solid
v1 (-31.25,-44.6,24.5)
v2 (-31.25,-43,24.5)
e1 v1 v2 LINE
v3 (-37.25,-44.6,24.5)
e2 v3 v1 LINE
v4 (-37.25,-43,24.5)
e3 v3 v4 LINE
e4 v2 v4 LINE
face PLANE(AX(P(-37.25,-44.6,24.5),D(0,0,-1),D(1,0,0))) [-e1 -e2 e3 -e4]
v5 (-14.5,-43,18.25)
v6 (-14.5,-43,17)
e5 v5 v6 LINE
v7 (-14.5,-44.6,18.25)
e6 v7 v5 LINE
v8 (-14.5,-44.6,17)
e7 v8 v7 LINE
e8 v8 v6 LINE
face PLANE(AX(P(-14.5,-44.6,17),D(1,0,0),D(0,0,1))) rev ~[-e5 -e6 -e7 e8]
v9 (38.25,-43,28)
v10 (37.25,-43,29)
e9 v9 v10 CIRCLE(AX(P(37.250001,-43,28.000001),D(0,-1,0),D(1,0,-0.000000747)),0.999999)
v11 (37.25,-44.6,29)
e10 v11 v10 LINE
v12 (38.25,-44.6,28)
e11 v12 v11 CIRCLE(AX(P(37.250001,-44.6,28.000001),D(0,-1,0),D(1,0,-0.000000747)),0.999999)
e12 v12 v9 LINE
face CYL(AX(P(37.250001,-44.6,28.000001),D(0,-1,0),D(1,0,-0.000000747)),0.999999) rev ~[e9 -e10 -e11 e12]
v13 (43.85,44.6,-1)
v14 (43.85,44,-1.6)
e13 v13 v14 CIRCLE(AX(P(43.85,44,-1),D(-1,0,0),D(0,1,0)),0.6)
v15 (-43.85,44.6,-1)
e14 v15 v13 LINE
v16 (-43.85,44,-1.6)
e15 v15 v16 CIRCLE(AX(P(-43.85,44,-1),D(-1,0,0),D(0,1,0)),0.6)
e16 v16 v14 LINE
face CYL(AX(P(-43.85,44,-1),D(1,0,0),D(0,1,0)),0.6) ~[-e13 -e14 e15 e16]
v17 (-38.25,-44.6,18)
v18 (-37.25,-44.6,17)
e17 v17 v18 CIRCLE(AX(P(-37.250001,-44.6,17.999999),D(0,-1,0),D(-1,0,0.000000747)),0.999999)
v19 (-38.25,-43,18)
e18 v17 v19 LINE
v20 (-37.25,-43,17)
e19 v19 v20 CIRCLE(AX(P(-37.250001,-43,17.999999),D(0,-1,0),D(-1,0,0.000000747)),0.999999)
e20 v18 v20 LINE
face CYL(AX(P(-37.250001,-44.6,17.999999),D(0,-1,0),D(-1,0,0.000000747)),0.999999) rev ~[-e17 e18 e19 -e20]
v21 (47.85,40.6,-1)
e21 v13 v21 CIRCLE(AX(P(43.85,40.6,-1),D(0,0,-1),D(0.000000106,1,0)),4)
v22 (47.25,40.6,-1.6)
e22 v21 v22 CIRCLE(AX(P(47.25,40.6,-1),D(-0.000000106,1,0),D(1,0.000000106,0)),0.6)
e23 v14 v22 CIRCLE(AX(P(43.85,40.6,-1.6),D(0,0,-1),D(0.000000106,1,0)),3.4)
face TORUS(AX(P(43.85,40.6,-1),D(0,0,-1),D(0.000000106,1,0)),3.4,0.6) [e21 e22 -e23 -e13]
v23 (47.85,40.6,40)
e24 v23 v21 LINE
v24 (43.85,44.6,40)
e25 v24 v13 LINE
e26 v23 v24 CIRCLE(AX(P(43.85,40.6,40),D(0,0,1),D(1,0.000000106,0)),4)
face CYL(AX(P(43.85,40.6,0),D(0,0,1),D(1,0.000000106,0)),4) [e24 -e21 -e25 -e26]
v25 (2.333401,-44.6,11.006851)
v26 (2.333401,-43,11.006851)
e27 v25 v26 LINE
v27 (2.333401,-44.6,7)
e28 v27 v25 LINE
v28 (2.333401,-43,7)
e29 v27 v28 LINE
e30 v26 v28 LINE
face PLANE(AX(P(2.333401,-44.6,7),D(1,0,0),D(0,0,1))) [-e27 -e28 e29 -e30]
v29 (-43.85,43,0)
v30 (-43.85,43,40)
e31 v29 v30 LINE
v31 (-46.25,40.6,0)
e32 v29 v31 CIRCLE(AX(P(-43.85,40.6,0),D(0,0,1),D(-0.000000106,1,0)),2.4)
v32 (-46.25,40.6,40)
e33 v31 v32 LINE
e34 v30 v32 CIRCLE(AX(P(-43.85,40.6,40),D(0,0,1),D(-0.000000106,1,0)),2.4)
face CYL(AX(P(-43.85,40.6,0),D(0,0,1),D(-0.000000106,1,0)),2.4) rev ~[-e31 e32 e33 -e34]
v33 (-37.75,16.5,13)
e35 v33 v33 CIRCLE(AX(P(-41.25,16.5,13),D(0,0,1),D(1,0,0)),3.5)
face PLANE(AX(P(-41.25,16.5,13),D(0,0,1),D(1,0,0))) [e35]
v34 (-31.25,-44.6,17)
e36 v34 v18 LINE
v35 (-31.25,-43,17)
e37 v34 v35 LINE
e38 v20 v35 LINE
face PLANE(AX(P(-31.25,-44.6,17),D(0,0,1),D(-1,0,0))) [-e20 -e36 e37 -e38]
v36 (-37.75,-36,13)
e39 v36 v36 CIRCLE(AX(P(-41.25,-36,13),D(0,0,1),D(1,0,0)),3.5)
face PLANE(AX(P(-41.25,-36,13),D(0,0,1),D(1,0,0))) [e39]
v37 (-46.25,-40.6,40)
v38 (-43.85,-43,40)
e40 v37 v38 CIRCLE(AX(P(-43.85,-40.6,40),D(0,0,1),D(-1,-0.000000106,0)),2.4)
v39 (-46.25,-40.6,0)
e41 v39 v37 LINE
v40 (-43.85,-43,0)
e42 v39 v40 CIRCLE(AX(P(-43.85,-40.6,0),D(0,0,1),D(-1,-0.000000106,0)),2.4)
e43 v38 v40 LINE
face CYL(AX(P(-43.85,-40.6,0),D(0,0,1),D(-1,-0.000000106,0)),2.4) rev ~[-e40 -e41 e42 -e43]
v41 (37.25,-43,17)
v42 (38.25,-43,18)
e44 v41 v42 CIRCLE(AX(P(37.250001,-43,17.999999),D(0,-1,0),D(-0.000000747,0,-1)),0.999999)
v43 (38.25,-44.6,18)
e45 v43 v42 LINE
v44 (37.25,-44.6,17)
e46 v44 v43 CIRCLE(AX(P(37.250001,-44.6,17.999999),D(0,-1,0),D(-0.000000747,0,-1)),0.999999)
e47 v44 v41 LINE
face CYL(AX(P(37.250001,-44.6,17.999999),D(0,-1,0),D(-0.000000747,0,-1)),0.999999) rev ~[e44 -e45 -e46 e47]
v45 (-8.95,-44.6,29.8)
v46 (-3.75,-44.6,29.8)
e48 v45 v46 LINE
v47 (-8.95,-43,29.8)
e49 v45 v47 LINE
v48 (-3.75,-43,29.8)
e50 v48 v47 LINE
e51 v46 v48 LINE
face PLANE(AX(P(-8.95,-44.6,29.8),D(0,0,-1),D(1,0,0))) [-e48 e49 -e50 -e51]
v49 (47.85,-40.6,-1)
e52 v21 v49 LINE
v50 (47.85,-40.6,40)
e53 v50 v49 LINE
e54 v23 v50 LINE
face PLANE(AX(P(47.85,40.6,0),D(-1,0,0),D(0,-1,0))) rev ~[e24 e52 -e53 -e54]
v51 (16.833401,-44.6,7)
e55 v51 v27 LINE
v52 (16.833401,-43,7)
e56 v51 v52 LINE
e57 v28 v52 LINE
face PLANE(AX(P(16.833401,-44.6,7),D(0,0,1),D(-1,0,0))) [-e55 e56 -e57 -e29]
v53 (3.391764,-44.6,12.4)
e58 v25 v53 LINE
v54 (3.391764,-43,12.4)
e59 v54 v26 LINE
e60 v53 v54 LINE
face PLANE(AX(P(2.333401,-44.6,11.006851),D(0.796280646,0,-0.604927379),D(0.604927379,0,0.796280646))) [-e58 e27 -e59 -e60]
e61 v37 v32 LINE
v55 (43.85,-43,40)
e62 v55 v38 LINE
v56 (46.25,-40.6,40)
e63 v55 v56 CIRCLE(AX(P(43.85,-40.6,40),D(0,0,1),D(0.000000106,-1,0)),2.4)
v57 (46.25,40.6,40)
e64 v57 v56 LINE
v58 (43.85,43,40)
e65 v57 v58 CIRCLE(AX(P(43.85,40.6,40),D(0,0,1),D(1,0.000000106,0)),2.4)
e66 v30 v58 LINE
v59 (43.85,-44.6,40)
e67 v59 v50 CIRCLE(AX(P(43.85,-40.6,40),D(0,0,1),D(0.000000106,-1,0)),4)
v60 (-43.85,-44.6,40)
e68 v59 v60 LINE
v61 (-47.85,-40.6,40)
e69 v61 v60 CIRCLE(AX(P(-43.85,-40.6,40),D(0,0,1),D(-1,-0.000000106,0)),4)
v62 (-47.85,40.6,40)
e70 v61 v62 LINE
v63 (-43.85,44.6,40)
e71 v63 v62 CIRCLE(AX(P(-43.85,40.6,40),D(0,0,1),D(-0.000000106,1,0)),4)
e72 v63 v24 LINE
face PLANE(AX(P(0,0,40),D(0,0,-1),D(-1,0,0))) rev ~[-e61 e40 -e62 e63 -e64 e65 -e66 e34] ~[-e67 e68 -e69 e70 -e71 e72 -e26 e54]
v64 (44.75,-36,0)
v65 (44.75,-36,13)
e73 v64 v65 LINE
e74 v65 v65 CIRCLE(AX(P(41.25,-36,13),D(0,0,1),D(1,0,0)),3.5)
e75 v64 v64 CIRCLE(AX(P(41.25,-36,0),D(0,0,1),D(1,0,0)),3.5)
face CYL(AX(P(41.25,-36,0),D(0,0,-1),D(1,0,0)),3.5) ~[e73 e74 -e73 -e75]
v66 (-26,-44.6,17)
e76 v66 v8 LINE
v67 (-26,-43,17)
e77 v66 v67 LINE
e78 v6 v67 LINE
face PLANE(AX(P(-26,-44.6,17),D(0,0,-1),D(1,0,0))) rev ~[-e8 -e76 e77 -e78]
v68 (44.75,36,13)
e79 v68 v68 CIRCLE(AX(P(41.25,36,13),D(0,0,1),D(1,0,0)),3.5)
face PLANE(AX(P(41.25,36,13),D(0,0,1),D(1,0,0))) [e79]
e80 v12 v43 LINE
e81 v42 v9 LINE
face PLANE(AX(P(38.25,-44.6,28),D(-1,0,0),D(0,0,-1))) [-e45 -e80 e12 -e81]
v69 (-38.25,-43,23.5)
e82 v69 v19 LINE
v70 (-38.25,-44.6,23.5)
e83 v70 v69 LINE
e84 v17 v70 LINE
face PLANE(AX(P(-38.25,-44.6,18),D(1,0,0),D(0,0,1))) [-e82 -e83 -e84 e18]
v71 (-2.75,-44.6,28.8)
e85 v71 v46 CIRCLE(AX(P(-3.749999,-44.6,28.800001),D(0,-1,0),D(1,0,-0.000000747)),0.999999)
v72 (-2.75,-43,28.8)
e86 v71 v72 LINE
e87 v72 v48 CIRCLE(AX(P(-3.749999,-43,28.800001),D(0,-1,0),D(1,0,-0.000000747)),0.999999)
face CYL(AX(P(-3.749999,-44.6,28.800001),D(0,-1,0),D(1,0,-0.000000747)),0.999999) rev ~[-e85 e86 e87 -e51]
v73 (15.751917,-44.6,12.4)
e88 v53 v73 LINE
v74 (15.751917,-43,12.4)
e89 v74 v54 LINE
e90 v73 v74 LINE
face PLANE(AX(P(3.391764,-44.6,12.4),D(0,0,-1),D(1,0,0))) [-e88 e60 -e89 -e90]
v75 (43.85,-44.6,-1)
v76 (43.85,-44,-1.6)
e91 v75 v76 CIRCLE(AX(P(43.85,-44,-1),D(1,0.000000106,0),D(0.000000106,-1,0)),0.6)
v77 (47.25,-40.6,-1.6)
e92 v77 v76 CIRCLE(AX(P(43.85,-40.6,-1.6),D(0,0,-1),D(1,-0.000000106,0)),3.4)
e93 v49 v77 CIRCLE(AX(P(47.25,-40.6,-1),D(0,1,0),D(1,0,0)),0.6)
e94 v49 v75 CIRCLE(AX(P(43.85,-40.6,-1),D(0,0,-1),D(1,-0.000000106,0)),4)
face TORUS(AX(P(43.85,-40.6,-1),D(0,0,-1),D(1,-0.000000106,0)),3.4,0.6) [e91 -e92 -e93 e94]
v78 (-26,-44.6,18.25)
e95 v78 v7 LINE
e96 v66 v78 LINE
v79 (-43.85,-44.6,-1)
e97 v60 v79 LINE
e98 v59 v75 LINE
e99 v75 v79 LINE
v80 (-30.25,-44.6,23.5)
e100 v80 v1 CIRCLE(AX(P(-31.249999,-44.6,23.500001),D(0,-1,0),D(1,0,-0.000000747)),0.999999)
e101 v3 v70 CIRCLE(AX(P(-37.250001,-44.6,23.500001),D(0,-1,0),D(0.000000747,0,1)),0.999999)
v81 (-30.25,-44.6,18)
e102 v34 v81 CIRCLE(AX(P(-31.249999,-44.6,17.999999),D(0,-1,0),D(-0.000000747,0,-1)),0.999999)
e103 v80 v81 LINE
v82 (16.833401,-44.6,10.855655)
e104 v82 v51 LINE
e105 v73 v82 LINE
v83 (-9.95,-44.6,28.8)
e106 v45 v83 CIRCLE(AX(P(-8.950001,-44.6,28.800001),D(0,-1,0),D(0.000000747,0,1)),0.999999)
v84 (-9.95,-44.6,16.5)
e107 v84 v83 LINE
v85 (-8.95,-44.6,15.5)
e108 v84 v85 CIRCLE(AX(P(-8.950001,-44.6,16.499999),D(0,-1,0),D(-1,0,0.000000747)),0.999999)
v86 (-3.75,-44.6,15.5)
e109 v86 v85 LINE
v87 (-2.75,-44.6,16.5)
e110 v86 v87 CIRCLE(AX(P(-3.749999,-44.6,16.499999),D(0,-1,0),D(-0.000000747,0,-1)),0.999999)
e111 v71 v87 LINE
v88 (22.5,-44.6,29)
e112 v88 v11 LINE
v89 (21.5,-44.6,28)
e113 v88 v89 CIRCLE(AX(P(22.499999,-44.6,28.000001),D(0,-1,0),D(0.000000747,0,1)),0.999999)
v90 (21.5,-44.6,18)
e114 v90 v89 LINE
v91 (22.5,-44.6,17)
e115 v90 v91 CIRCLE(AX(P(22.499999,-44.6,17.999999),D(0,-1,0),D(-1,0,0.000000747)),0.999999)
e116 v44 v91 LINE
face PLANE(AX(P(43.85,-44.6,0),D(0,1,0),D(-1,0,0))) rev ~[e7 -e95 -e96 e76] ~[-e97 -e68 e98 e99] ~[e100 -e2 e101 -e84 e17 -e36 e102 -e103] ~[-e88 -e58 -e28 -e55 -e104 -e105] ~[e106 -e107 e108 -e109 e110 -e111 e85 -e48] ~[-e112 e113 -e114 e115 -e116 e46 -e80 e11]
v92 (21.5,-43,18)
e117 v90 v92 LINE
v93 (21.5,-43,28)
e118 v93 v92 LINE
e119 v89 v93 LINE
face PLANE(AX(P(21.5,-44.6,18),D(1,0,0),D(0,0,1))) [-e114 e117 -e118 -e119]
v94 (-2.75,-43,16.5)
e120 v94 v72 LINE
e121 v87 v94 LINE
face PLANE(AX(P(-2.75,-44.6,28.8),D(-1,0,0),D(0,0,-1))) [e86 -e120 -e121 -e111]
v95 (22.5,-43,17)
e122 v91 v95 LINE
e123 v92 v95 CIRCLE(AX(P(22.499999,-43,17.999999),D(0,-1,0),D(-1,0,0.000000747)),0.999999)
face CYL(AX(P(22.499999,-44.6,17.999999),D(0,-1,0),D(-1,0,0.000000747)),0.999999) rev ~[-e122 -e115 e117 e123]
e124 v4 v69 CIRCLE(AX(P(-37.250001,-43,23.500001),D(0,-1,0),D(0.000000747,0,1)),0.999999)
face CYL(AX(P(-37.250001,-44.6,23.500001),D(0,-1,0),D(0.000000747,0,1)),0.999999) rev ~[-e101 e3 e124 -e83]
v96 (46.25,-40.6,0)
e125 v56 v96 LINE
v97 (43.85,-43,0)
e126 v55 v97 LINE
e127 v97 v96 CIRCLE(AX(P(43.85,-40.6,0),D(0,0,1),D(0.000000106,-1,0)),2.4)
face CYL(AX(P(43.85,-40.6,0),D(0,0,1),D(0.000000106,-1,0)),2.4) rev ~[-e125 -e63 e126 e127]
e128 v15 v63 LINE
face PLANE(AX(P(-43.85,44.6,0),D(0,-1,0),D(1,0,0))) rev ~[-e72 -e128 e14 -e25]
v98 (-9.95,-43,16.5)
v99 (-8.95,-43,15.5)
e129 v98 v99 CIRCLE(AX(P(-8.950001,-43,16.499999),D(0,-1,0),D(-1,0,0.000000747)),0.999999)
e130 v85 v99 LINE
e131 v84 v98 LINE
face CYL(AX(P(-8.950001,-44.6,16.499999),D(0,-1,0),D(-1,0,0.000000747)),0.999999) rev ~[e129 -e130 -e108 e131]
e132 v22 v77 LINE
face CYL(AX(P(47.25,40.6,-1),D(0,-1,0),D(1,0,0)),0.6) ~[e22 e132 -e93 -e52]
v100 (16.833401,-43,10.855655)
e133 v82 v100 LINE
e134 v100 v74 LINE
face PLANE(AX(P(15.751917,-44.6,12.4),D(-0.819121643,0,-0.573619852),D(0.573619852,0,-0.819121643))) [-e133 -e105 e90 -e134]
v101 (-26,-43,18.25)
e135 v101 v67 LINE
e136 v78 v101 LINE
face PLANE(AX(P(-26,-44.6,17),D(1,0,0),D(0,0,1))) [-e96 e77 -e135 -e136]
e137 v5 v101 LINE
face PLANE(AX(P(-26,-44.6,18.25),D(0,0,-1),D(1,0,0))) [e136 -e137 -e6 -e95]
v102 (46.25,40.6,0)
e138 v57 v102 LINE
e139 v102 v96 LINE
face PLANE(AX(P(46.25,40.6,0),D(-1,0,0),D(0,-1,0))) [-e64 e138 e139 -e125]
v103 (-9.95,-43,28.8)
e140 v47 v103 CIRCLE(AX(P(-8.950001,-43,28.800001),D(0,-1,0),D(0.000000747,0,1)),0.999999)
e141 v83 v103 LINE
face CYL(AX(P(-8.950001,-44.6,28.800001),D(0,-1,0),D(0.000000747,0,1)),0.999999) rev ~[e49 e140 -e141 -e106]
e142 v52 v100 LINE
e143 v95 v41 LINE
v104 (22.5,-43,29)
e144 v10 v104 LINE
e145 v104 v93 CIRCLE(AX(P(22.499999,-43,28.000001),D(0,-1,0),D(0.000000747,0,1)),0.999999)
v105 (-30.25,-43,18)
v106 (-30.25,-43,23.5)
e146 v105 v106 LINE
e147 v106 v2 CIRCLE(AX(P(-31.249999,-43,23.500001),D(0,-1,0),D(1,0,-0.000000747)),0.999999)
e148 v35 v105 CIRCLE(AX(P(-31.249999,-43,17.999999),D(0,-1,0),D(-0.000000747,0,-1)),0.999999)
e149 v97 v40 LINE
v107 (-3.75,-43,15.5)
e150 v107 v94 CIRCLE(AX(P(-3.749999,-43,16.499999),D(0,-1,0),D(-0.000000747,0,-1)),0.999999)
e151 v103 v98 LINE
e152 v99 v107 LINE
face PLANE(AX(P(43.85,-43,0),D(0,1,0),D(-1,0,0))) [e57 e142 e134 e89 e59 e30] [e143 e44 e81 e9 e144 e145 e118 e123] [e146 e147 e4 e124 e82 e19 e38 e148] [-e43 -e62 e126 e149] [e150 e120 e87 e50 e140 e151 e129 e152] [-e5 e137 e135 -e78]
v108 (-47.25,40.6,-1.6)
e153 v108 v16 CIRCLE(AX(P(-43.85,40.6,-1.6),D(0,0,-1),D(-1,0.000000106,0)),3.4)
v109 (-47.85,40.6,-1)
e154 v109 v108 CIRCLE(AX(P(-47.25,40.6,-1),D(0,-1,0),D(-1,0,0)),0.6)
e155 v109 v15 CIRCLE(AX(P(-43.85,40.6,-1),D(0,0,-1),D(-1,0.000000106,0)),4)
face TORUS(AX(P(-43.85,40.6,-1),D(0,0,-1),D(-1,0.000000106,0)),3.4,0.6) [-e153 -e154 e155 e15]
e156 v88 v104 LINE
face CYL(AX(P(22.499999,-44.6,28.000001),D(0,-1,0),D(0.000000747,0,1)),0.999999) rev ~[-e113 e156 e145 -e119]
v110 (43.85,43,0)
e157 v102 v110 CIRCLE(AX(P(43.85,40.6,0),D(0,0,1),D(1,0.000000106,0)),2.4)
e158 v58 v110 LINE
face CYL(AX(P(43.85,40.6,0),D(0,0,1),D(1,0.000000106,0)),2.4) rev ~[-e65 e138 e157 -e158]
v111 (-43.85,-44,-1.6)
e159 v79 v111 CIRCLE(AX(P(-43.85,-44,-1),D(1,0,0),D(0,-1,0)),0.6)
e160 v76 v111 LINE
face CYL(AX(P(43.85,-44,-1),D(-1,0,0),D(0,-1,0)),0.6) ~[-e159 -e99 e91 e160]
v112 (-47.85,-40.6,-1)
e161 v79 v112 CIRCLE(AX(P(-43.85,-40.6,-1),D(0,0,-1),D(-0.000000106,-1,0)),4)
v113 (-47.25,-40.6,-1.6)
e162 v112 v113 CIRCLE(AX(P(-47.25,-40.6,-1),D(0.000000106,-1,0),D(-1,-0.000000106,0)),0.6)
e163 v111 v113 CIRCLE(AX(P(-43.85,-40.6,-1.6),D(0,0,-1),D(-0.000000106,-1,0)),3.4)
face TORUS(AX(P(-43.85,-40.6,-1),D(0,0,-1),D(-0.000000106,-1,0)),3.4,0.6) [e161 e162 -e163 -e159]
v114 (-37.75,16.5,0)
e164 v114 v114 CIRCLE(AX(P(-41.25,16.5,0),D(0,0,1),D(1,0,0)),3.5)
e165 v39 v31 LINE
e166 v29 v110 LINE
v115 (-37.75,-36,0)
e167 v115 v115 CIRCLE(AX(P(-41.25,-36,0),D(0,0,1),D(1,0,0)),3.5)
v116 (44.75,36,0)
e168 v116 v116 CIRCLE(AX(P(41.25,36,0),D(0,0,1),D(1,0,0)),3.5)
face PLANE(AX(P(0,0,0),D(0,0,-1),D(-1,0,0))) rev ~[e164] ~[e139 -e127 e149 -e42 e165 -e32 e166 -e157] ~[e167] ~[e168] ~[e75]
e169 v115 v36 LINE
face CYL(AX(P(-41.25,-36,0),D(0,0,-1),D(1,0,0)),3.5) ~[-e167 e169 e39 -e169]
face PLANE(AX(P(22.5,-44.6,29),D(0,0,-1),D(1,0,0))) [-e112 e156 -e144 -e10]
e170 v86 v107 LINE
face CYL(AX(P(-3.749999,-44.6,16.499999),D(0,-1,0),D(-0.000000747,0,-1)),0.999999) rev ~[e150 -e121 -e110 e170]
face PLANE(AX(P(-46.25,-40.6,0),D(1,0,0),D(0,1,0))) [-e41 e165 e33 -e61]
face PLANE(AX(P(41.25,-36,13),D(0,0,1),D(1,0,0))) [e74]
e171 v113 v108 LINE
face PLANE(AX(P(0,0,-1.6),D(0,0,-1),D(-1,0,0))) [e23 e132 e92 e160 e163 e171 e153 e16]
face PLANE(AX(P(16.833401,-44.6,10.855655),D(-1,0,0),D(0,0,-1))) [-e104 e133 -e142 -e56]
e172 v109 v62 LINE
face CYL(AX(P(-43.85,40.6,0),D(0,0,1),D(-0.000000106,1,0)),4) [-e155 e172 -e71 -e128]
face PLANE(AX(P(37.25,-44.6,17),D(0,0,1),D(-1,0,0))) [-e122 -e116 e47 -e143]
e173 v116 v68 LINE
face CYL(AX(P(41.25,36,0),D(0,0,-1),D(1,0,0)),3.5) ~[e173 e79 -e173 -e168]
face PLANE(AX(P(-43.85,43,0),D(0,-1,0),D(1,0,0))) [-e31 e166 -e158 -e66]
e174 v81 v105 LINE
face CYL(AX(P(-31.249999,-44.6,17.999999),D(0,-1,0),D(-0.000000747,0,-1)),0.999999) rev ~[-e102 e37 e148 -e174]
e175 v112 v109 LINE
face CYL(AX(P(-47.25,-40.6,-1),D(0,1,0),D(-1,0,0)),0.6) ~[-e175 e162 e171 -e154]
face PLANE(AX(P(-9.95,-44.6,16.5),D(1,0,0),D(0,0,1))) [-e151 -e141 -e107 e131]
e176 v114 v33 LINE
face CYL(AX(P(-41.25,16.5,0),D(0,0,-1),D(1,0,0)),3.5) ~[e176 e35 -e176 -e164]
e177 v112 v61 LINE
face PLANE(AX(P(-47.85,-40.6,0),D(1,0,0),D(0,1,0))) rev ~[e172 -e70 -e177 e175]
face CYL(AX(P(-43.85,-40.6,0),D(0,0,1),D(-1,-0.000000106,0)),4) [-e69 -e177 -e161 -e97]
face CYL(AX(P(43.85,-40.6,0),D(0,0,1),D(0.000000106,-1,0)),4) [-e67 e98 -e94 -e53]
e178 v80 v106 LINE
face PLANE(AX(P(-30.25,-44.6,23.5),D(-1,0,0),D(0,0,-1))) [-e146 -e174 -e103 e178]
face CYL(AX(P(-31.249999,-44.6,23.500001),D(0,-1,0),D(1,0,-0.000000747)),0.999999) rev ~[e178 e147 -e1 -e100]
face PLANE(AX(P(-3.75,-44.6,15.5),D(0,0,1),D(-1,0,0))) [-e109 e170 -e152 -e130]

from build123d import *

# Parameters (mm, degrees)
SKETCH004_W    = 11.5
SKETCH004_H    = 1.25
PAD003_DEPTH   = 3
PAD_DEPTH      = 40
PAD_DEPTH_BACK = 1.6
THICKNESS_T    = -1.6
SKETCH002_R    = 1.75
PAD001_DEPTH   = 13
SKETCH003_R    = 3.5
PAD002_DEPTH   = 13
FILLET_R       = 0.6


with BuildPart() as pad003:
    # Sketch004 → Pad003 (new body)
    with BuildSketch(Plane.XZ.offset(44.6)):
        with BuildLine():
            Line((22.5, 29), (37.25, 29))
            ThreePointArc((38.25, 28), (37.957107, 28.707107), (37.25, 29))
            Line((38.25, 28), (38.25, 18))
            ThreePointArc((37.25, 17), (37.957107, 17.292893), (38.25, 18))
            Line((37.25, 17), (22.5, 17))
            ThreePointArc((21.5, 18), (21.792893, 17.292893), (22.5, 17))
            Line((21.5, 18), (21.5, 28))
            ThreePointArc((22.5, 29), (21.792893, 28.707107), (21.5, 28))
        make_face()
        with BuildLine():
            Line((-8.95, 29.8), (-3.75, 29.8))
            ThreePointArc((-2.75, 28.8), (-3.042893, 29.507107), (-3.75, 29.8))
            Line((-2.75, 28.8), (-2.75, 16.5))
            ThreePointArc((-3.75, 15.5), (-3.042893, 15.792893), (-2.75, 16.5))
            Line((-3.75, 15.5), (-8.95, 15.5))
            ThreePointArc((-9.95, 16.5), (-9.657107, 15.792893), (-8.95, 15.5))
            Line((-9.95, 16.5), (-9.95, 28.8))
            ThreePointArc((-8.95, 29.8), (-9.657107, 29.507107), (-9.95, 28.8))
        make_face()
        with BuildLine():
            Line((-37.25, 24.5), (-31.25, 24.5))
            ThreePointArc((-30.25, 23.5), (-30.542893, 24.207107), (-31.25, 24.5))
            Line((-30.25, 23.5), (-30.25, 18))
            ThreePointArc((-31.25, 17), (-30.542893, 17.292893), (-30.25, 18))
            Line((-31.25, 17), (-37.25, 17))
            ThreePointArc((-38.25, 18), (-37.957107, 17.292893), (-37.25, 17))
            Line((-38.25, 18), (-38.25, 23.5))
            ThreePointArc((-37.25, 24.5), (-37.957107, 24.207107), (-38.25, 23.5))
        make_face()
        with Locations((-20.25, 17.625)):
            Rectangle(SKETCH004_W, SKETCH004_H)
        Polygon((2.333401, 7), (2.333401, 11.006851), (3.391764, 12.4), (15.751917, 12.4), (16.833401, 10.855655), (16.833401, 7), align=None)
    extrude(amount=-PAD003_DEPTH)


with BuildPart() as fillet_body:
    # Sketch001 → Pad (new body, two sides)
    with BuildSketch(Plane.XY) as pad_sk:
        with BuildLine():
            Line((-43.85, 44.6), (43.85, 44.6))
            ThreePointArc((47.85, 40.6), (46.678427, 43.428427), (43.85, 44.6))
            Line((47.85, 40.6), (47.85, -40.6))
            ThreePointArc((43.85, -44.6), (46.678427, -43.428427), (47.85, -40.6))
            Line((43.85, -44.6), (-43.85, -44.6))
            ThreePointArc((-47.85, -40.6), (-46.678427, -43.428427), (-43.85, -44.6))
            Line((-47.85, -40.6), (-47.85, 40.6))
            ThreePointArc((-43.85, 44.6), (-46.678427, 43.428427), (-47.85, 40.6))
        make_face()
    extrude(amount=PAD_DEPTH)
    extrude(pad_sk.sketch, amount=-PAD_DEPTH_BACK)

    # Thickness
    thickness_openings = [fillet_body.faces().sort_by_distance(p)[0] for p in [
        (0, 0, 40),
    ]]
    offset(amount=THICKNESS_T, openings=thickness_openings)

    # Sketch002 → Pad001 (new body)
    with BuildSketch(Plane.XY):
        with Locations((-41.25, -36)):
            Circle(SKETCH002_R)
        with Locations((41.25, -36)):
            Circle(SKETCH002_R)
        with Locations((-41.25, 16.5)):
            Circle(SKETCH002_R)
        with Locations((41.25, 36)):
            Circle(SKETCH002_R)
    extrude(amount=PAD001_DEPTH)

    # Sketch003 → Pad002 (new body)
    with BuildSketch(Plane.XY):
        with Locations((41.25, -36)):
            Circle(SKETCH003_R)
        with Locations((41.25, 36)):
            Circle(SKETCH003_R)
        with Locations((-41.25, 16.5)):
            Circle(SKETCH003_R)
        with Locations((-41.25, -36)):
            Circle(SKETCH003_R)
    extrude(amount=PAD002_DEPTH)

    # Cut: cut Pad003
    add(pad003.part, mode=Mode.SUBTRACT)

    # Fillet
    fillet_edges = [fillet_body.edges().sort_by_distance(p)[0] for p in [
        (0, 44.6, -1.6),
        (46.678427, 43.428427, -1.6),
        (47.85, 0, -1.6),
        (46.678427, -43.428427, -1.6),
        (0, -44.6, -1.6),
        (-46.678427, -43.428427, -1.6),
        (-47.85, 0, -1.6),
        (-46.678427, 43.428427, -1.6),
    ]]
    fillet(fillet_edges, radius=FILLET_R)


solid = fillet_body.part
